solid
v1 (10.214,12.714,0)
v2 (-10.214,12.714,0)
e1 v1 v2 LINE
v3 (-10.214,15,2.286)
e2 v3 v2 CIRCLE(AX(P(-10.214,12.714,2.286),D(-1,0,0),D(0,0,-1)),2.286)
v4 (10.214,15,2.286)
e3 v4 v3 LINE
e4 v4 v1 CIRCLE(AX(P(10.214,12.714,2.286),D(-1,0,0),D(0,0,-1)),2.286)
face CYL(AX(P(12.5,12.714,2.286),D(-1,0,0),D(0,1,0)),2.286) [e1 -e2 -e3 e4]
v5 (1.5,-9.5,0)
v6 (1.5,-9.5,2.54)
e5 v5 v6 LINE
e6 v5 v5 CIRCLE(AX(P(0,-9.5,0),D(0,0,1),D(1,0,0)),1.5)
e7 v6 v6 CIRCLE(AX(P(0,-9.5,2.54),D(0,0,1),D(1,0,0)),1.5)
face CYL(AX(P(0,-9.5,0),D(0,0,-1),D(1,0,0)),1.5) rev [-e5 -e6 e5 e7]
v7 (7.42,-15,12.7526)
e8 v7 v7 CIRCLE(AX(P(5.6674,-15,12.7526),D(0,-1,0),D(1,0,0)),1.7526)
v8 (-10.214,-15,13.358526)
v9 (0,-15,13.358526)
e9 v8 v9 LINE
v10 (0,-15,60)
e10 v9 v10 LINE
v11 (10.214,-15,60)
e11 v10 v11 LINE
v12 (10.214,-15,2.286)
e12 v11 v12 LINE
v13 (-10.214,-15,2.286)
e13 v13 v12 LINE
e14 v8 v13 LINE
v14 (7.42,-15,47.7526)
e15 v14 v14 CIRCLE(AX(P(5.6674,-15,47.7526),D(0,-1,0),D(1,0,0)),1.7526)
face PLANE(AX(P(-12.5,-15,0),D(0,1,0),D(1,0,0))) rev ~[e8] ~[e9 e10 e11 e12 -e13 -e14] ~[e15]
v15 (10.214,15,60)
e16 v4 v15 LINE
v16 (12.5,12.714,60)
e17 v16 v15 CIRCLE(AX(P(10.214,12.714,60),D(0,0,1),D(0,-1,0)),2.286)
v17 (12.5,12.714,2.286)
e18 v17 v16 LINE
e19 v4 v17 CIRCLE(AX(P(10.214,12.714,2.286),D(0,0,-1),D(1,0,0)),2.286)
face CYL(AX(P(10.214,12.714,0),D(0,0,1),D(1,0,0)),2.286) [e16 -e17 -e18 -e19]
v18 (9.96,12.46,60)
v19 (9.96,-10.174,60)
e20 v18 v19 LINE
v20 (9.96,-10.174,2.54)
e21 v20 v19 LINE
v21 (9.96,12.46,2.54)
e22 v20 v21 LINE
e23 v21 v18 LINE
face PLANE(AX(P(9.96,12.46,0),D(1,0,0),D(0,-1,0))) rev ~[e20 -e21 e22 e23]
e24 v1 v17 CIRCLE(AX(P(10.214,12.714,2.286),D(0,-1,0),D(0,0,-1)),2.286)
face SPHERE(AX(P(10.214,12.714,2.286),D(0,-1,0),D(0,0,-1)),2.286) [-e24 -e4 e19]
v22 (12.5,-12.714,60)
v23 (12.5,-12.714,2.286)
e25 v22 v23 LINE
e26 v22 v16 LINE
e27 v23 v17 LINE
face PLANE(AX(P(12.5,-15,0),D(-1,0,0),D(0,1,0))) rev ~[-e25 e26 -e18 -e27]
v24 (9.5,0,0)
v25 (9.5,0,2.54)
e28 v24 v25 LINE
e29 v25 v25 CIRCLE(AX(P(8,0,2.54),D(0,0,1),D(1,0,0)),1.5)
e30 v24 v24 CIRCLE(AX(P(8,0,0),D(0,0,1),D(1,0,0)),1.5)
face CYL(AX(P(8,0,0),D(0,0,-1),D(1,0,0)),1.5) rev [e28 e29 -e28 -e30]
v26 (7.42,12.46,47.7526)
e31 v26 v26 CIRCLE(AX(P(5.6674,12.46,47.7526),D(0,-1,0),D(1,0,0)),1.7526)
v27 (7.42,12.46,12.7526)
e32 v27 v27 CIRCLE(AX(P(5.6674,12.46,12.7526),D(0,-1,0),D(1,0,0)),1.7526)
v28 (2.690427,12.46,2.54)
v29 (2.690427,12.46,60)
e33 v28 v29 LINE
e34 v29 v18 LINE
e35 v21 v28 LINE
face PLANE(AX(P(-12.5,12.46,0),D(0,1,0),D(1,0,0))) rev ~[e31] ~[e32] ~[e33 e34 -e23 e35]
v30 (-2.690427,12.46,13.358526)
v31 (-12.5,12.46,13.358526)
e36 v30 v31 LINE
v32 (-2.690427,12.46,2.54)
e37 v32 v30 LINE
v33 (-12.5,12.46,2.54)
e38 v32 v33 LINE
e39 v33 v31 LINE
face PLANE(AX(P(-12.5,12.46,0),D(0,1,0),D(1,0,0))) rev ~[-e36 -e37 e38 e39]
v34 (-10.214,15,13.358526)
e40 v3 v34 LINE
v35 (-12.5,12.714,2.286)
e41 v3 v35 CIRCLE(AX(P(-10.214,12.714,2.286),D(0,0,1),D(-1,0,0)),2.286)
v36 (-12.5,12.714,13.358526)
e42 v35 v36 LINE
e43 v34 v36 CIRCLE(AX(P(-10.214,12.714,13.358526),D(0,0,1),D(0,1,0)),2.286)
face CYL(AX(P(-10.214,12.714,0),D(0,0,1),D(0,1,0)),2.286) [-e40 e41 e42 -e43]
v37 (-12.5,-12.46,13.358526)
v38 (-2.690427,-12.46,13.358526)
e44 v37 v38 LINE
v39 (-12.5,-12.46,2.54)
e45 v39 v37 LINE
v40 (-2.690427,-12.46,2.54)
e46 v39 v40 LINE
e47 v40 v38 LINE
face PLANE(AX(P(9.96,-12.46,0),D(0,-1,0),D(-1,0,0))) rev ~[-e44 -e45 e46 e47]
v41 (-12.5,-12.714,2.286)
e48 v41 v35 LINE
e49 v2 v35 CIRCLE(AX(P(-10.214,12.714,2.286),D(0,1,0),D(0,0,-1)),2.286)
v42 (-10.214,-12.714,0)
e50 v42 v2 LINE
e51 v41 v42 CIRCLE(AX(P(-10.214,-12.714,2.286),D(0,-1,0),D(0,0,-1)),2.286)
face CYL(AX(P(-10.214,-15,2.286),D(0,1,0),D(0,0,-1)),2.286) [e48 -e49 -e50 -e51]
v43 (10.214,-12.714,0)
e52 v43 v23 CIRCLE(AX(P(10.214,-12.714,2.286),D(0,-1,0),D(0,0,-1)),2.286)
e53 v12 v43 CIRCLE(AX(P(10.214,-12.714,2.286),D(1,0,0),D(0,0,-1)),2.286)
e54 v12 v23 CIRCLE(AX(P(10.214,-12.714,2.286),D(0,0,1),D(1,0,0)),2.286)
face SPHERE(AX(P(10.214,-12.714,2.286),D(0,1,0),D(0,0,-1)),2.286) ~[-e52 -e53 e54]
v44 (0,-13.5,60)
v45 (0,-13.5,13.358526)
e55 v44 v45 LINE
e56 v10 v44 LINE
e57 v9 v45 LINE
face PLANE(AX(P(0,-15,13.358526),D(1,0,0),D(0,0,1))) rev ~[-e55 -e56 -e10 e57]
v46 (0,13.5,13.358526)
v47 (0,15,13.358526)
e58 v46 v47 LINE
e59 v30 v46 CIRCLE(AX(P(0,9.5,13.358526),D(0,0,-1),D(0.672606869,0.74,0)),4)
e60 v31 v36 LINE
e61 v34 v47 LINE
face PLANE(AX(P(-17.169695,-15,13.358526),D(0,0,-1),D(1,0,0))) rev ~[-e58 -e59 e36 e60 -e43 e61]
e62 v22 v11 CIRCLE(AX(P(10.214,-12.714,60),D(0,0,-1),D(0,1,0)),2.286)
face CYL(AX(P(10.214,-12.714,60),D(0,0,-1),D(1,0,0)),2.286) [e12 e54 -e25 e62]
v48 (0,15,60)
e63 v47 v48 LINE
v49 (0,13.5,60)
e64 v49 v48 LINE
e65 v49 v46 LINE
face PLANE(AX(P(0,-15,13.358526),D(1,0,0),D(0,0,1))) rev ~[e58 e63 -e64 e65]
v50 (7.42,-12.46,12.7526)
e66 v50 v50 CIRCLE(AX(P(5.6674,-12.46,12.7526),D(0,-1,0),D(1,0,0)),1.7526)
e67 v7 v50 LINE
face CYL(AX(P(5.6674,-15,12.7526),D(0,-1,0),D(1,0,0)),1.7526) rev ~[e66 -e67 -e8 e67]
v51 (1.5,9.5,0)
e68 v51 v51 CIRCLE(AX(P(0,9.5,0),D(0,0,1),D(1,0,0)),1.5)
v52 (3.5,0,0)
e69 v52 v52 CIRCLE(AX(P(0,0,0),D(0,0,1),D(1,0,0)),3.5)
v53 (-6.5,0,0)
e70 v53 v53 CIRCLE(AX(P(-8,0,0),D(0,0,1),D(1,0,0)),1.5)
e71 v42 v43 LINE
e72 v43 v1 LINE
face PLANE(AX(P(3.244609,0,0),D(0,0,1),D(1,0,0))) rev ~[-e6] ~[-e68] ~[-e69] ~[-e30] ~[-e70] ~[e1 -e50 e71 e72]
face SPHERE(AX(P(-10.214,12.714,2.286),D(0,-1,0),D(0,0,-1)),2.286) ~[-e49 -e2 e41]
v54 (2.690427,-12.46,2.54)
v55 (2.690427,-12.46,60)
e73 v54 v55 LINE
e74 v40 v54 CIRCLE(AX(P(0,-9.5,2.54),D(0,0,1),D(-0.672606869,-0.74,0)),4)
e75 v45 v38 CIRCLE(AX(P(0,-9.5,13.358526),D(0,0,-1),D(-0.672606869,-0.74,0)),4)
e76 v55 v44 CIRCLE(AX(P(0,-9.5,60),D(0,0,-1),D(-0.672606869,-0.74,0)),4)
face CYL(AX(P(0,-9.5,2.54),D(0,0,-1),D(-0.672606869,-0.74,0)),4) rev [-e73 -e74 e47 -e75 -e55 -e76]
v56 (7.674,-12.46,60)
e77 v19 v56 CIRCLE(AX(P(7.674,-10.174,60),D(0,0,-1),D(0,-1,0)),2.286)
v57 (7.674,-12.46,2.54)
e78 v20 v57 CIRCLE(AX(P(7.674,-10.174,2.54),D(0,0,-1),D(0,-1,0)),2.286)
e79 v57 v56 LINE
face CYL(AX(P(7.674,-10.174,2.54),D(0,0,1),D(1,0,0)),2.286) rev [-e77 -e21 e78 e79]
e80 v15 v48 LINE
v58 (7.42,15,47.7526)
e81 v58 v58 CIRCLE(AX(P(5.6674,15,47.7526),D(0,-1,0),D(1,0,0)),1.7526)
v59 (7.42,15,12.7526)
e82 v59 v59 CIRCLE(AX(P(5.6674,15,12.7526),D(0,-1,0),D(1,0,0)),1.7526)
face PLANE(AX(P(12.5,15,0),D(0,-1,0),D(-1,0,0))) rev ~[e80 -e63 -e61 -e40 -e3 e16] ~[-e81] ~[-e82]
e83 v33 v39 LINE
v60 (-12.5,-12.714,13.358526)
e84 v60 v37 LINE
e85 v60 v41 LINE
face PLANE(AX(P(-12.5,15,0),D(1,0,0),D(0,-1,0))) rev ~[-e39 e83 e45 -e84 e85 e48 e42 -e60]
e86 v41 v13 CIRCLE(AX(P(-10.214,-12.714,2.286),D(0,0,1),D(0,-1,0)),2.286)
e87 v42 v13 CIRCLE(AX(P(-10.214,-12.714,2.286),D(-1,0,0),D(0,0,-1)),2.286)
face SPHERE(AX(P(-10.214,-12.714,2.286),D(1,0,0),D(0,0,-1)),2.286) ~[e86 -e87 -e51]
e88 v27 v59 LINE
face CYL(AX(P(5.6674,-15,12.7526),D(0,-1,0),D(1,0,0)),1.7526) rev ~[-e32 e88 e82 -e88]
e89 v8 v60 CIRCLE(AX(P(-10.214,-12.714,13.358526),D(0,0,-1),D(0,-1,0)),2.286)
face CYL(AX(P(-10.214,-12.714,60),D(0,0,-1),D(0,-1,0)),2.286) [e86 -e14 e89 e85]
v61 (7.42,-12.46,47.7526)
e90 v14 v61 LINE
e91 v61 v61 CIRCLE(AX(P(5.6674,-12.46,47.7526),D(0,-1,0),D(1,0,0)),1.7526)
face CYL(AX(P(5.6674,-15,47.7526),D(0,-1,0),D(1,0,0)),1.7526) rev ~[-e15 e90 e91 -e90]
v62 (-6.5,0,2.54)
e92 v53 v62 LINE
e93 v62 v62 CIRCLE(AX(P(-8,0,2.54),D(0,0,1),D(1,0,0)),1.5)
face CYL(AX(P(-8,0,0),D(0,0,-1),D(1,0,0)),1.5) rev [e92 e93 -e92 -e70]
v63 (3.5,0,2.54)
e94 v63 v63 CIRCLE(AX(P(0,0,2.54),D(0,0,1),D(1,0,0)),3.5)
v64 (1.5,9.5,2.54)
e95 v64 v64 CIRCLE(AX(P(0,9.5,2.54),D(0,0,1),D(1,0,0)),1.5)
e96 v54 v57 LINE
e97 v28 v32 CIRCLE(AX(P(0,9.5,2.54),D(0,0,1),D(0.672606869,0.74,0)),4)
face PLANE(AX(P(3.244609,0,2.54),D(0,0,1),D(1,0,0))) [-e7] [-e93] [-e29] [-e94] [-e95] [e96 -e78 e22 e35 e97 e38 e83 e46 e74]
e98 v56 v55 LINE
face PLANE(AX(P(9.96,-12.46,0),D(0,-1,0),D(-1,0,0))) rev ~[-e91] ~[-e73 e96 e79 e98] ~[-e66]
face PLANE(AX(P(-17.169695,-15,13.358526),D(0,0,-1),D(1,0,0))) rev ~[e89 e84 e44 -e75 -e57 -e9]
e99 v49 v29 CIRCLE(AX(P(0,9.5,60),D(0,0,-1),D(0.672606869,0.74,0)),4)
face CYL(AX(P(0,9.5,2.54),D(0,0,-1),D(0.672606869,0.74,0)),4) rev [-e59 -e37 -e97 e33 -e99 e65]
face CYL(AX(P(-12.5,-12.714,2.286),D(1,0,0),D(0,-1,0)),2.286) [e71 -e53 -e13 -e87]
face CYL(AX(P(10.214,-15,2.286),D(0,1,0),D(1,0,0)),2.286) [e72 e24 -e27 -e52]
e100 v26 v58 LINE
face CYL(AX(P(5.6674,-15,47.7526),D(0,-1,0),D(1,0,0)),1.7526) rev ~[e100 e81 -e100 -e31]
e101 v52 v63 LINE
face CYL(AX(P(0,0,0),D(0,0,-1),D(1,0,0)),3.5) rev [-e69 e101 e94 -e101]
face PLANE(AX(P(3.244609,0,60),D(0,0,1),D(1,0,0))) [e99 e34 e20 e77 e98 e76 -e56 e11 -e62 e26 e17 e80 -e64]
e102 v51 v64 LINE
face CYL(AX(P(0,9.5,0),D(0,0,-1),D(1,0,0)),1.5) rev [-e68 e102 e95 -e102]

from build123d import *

# Parameters (mm, degrees)
F0_W     = 19.92
F0_H     = 24.92
F0_R     = 1.5
F0_R_2   = 3.5
F0_W_2   = 2.54
F1_DEPTH = 2.54
F2_DEPTH = 60
F3_R     = 1.7526
F4_DEPTH = 34.544
F5_R     = 2.286
F7_DEPTH = 61.8236
F8_W     = 10.214
F8_H     = 46.6414740682
F9_DEPTH = 44.958


with BuildPart() as f1:
    # F0 (on Top) → F1 (new body)
    with BuildSketch(Plane.XY):
        Polygon((12.5, -15), (12.5, 15), (-12.5, 15), (-12.5, 12.46), (-9.96, 12.46), (9.96, 12.46), (9.96, -12.46), (-9.96, -12.46), (-12.5, -12.46), (-12.5, -15), align=None)
        Rectangle(F0_W, F0_H)
        with Locations((0, -9.5)):
            Circle(F0_R, mode=Mode.SUBTRACT)
        with Locations((-8, 0)):
            Circle(F0_R, mode=Mode.SUBTRACT)
        Circle(F0_R_2, mode=Mode.SUBTRACT)
        with Locations((8, 0)):
            Circle(F0_R, mode=Mode.SUBTRACT)
        with Locations((0, 9.5)):
            Circle(F0_R, mode=Mode.SUBTRACT)
        with Locations((-11.23, 0)):
            Rectangle(F0_W_2, F0_H)
    extrude(amount=F1_DEPTH)

    # F0 (on Top) → F2 (join)
    with BuildSketch(Plane.XY):
        Polygon((12.5, -15), (12.5, 15), (-12.5, 15), (-12.5, 12.46), (-9.96, 12.46), (9.96, 12.46), (9.96, -12.46), (-9.96, -12.46), (-12.5, -12.46), (-12.5, -15), align=None)
    extrude(amount=F2_DEPTH)

    # F3 (on face) → F4 (cut)
    with BuildSketch(Plane.XZ.offset(15)):
        with Locations((5.6674, 12.7526)):
            Circle(F3_R)
        with Locations((5.6674, 47.7526)):
            Circle(F3_R)
    extrude(amount=-F4_DEPTH, mode=Mode.SUBTRACT)

    # F5
    f5_edges = [f1.edges().sort_by_distance(p)[0] for p in [
        (12.5, 0, 0),
        (0, -15, 0),
        (-12.5, 0, 0),
        (0, 15, 0),
        (-12.5, -15, 30),
        (12.5, -15, 30),
        (12.5, 15, 30),
        (-12.5, 15, 30),
        (9.96, -12.46, 31.27),
    ]]
    fillet(f5_edges, radius=F5_R)

    # F6 (on face) → F7 (cut)
    with BuildSketch(Plane.XY.offset(2.54)):
        with BuildLine():
            Line((-2.6904274753, 12.46), (2.6904274753, 12.46))
            ThreePointArc((2.6904274753, 12.46), (0, 13.5), (-2.6904274753, 12.46))
        make_face()
        with BuildLine():
            Line((2.6904274753, -12.46), (-2.6904274753, -12.46))
            ThreePointArc((-2.6904274753, -12.46), (0, -13.5), (2.6904274753, -12.46))
        make_face()
    extrude(amount=F7_DEPTH, mode=Mode.SUBTRACT)

    # F8 (on face) → F9 (cut)
    with BuildSketch(Plane.XZ.offset(15)):
        Polygon((0, 64.0577673912), (-17.1696953475, 64.0577673912), (-17.1696953475, 13.3585259318), (-10.214, 13.3585259318), (-10.214, 60), (0, 60), align=None)
        with Locations((-5.107, 36.6792629659)):
            Rectangle(F8_W, F8_H)
    extrude(amount=-F9_DEPTH, mode=Mode.SUBTRACT)


solid = f1.part
